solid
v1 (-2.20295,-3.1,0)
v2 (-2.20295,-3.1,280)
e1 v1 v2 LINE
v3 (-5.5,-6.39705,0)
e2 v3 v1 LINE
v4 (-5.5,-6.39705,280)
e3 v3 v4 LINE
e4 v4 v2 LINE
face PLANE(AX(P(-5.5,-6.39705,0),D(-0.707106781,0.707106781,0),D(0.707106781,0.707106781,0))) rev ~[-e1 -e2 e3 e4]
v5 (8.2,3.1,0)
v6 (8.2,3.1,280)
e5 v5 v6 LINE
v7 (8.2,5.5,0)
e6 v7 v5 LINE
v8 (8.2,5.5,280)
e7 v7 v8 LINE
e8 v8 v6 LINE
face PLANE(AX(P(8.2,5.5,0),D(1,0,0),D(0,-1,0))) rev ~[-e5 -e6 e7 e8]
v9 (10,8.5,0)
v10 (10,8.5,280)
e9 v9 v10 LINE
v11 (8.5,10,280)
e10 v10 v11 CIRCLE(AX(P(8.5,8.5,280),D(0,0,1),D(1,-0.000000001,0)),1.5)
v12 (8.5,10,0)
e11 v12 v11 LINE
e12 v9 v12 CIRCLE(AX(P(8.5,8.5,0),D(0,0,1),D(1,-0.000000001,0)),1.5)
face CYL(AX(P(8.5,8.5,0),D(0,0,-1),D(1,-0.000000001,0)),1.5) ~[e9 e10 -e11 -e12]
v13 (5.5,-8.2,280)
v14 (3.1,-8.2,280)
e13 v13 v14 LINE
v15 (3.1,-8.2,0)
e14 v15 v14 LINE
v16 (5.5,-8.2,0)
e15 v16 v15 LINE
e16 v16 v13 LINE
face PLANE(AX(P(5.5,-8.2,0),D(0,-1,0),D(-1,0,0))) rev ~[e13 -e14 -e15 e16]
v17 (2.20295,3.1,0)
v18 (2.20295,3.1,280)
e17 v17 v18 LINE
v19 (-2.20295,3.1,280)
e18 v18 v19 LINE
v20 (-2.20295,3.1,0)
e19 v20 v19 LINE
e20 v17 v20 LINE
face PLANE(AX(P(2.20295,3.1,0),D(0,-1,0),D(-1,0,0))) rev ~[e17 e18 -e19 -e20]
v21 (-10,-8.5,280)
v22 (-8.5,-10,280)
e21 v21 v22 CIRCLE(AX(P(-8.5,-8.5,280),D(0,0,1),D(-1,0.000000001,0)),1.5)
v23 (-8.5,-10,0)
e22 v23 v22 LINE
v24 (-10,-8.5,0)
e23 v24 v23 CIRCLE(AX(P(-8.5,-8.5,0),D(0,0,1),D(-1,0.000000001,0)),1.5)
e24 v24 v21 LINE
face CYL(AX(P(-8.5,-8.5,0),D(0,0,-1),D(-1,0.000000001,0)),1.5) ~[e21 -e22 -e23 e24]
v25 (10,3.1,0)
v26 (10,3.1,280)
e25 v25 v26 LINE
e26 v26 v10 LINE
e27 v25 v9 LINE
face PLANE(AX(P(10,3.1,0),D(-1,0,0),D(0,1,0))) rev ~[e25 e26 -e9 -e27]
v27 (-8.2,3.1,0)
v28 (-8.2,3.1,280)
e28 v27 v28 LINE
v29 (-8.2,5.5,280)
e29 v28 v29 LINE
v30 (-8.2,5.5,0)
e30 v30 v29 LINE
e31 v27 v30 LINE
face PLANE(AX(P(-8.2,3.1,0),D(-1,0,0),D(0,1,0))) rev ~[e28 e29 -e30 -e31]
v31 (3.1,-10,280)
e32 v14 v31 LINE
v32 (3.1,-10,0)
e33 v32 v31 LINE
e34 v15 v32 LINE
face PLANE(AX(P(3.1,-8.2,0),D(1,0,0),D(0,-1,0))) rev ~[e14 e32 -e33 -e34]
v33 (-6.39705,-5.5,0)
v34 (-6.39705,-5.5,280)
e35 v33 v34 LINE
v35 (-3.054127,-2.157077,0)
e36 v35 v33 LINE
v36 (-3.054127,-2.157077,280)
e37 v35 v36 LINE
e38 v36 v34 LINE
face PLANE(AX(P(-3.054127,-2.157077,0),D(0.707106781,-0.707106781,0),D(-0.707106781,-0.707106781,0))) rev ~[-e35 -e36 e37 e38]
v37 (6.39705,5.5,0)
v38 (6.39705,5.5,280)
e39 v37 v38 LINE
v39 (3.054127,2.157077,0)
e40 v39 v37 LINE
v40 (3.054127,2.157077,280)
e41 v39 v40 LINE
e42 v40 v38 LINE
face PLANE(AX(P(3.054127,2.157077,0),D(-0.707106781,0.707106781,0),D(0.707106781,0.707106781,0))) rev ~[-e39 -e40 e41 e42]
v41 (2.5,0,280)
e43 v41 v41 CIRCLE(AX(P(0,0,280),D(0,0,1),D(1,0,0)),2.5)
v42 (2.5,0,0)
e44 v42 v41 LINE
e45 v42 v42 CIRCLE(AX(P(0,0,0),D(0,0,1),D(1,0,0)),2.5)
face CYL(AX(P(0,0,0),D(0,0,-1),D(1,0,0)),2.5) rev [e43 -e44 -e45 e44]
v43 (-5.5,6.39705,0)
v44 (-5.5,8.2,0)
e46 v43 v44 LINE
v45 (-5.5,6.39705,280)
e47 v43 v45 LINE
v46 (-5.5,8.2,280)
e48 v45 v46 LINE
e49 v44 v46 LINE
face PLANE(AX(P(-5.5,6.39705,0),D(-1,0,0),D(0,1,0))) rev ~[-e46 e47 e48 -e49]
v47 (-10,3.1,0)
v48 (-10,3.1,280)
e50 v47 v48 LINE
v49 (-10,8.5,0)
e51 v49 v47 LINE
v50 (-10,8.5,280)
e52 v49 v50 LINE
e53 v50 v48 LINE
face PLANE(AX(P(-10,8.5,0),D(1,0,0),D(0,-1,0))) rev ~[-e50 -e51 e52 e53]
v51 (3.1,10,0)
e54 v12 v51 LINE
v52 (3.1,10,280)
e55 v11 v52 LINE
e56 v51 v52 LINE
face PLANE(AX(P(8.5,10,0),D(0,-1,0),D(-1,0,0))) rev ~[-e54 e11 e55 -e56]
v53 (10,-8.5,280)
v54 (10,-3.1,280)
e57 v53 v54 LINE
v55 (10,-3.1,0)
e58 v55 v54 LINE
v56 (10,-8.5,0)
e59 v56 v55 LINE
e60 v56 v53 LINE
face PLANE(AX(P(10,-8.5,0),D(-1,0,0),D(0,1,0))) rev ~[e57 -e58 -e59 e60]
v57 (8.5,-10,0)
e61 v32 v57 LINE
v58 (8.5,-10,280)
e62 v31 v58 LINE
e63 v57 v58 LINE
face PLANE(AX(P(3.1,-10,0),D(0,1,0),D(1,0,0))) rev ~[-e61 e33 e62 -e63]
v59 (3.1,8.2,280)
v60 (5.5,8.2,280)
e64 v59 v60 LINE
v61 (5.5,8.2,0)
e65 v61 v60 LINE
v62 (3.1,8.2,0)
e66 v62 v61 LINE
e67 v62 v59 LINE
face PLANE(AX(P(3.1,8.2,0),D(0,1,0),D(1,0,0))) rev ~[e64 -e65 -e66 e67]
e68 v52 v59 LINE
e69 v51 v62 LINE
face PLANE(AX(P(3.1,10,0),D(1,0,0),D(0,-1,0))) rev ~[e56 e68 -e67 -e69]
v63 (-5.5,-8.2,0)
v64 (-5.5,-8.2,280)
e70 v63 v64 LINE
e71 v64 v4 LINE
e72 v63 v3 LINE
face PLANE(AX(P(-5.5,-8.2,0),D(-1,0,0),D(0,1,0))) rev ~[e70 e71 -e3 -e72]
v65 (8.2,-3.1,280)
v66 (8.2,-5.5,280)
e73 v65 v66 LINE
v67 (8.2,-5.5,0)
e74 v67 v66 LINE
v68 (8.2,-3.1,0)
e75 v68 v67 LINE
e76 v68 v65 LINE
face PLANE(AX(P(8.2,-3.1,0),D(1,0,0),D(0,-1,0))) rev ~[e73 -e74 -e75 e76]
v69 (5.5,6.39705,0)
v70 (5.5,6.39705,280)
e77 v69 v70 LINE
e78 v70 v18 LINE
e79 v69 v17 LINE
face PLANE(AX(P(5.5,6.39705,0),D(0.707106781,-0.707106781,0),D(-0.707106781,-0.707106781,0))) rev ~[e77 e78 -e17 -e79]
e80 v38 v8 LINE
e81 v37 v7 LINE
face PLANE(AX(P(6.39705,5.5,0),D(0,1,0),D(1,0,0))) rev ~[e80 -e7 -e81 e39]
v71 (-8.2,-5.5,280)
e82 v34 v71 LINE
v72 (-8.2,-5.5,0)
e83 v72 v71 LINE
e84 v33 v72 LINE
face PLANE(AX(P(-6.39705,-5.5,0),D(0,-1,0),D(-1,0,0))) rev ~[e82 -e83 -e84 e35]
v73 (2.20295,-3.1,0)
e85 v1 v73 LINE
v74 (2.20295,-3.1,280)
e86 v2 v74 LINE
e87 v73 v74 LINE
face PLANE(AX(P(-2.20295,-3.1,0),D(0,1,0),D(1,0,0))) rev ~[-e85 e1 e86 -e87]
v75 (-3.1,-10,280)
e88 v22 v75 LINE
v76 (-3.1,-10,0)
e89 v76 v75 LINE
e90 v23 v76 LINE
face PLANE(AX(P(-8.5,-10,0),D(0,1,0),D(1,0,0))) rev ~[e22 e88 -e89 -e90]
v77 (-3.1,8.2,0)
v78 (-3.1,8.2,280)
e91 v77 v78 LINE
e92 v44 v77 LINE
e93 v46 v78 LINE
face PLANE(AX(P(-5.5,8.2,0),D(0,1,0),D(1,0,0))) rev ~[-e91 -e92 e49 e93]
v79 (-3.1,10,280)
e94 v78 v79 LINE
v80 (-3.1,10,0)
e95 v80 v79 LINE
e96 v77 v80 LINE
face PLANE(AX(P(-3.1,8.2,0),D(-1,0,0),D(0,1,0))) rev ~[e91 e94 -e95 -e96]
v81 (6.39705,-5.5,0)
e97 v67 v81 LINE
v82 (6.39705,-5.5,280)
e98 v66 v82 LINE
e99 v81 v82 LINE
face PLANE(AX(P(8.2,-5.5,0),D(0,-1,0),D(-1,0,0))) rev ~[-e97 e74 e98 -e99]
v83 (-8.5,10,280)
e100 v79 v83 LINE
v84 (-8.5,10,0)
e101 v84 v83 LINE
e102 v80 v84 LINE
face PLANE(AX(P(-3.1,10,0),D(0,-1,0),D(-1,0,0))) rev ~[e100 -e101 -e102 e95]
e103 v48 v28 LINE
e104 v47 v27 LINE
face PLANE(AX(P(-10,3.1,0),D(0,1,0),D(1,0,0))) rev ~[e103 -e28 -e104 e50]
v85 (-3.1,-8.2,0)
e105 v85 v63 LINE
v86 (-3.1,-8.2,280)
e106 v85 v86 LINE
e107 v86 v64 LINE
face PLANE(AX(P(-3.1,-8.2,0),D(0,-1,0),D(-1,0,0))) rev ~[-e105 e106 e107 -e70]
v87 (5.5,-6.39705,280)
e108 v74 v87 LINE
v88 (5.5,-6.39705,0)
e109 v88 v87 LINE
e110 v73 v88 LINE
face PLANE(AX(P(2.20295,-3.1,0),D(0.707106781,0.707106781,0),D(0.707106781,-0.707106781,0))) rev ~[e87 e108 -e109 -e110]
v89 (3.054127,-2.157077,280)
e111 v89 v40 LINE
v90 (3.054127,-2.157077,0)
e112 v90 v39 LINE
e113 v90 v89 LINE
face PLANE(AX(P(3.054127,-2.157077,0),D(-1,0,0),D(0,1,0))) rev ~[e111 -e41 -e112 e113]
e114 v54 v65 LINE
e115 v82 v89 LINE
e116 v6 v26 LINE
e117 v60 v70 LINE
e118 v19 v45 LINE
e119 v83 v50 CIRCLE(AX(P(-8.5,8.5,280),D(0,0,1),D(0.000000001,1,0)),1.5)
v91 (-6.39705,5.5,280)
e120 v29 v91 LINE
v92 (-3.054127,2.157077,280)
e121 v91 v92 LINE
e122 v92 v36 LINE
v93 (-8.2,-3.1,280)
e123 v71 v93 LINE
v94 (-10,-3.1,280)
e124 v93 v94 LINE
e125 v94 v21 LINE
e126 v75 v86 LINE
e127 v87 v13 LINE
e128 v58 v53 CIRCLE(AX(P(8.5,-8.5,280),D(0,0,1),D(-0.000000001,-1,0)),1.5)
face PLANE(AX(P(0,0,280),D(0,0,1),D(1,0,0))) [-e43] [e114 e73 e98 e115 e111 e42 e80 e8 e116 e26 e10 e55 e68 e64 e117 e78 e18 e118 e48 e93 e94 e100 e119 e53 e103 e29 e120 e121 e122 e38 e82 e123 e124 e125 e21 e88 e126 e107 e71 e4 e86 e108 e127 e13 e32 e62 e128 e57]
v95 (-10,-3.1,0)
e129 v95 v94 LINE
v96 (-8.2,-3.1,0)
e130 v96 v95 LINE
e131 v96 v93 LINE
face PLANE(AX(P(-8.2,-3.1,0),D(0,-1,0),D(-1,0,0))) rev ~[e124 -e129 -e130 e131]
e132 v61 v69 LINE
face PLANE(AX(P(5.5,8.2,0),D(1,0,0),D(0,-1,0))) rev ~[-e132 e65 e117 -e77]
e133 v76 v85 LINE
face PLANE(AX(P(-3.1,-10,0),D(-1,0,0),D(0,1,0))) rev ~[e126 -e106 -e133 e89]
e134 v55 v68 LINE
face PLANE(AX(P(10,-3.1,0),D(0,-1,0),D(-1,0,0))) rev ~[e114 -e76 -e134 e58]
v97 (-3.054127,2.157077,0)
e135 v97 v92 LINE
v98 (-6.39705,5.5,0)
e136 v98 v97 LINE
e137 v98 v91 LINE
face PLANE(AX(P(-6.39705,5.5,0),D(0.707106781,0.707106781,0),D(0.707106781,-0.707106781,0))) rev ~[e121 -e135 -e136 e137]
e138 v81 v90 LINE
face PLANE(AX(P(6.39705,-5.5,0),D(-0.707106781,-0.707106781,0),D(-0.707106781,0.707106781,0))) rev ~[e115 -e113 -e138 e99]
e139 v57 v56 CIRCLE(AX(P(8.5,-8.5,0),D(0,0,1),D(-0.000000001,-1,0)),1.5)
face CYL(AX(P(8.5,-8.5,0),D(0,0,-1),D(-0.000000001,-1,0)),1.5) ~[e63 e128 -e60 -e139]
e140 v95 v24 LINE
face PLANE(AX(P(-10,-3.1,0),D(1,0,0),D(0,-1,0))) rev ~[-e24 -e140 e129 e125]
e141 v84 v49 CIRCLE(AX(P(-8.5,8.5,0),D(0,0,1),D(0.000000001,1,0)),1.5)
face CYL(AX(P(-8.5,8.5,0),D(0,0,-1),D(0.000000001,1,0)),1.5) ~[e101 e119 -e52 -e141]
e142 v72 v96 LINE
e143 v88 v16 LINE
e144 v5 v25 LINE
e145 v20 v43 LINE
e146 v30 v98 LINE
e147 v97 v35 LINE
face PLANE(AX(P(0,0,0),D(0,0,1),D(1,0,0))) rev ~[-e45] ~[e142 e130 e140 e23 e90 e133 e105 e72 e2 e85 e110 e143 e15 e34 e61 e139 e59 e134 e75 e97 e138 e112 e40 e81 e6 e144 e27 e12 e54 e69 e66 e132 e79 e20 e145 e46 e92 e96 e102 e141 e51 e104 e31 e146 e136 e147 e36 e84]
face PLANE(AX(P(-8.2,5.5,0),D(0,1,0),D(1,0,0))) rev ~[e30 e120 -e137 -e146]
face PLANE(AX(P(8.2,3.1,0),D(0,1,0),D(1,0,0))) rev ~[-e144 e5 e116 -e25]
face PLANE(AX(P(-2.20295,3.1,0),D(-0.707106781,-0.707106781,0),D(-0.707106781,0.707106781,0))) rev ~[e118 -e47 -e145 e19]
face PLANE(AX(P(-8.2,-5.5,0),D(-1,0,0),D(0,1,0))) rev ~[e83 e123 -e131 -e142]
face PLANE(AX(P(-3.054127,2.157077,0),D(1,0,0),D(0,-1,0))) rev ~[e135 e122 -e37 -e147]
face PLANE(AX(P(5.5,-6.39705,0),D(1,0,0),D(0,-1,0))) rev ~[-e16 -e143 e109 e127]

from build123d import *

# Parameters (mm, degrees)
SKETCH_1_R      = 2.5
EXTRUDE_1_DEPTH = 280


with BuildPart() as part:
    # 草图1 → 凸台-拉伸1 (new body)
    with BuildSketch(Plane.XY):
        with BuildLine():
            Line((-8.2, -3.1), (-10, -3.1))
            Line((-10, -3.1), (-10, -8.5))
            ThreePointArc((-10, -8.5), (-9.560660172, -9.560660172), (-8.5, -10))
            Line((-8.5, -10), (-3.1, -10))
            Line((-3.1, -10), (-3.1, -8.2))
            Line((-3.1, -8.2), (-5.5, -8.2))
            Line((-5.5, -8.2), (-5.5, -6.397050155))
            Line((-5.5, -6.397050155), (-2.202949845, -3.1))
            Line((-2.202949845, -3.1), (2.202949845, -3.1))
            Line((2.202949845, -3.1), (5.5, -6.397050155))
            Line((5.5, -6.397050155), (5.5, -8.2))
            Line((5.5, -8.2), (3.1, -8.2))
            Line((3.1, -8.2), (3.1, -10))
            Line((3.1, -10), (8.5, -10))
            ThreePointArc((8.5, -10), (9.560660172, -9.560660172), (10, -8.5))
            Line((10, -8.5), (10, -3.1))
            Line((10, -3.1), (8.2, -3.1))
            Line((8.2, -3.1), (8.2, -5.5))
            Line((8.2, -5.5), (6.397050155, -5.5))
            Line((6.397050155, -5.5), (3.05412702, -2.157076865))
            Line((3.05412702, -2.157076865), (3.05412702, 2.157076865))
            Line((3.05412702, 2.157076865), (6.397050155, 5.5))
            Line((6.397050155, 5.5), (8.2, 5.5))
            Line((8.2, 5.5), (8.2, 3.1))
            Line((8.2, 3.1), (10, 3.1))
            Line((10, 3.1), (10, 8.5))
            ThreePointArc((10, 8.5), (9.560660172, 9.560660172), (8.5, 10))
            Line((8.5, 10), (3.1, 10))
            Line((3.1, 10), (3.1, 8.2))
            Line((3.1, 8.2), (5.5, 8.2))
            Line((5.5, 8.2), (5.5, 6.397050155))
            Line((5.5, 6.397050155), (2.202949845, 3.1))
            Line((2.202949845, 3.1), (-2.202949845, 3.1))
            Line((-2.202949845, 3.1), (-5.5, 6.397050155))
            Line((-5.5, 6.397050155), (-5.5, 8.2))
            Line((-5.5, 8.2), (-3.1, 8.2))
            Line((-3.1, 8.2), (-3.1, 10))
            Line((-3.1, 10), (-8.5, 10))
            ThreePointArc((-8.5, 10), (-9.560660172, 9.560660172), (-10, 8.5))
            Line((-10, 8.5), (-10, 3.1))
            Line((-10, 3.1), (-8.2, 3.1))
            Line((-8.2, 3.1), (-8.2, 5.5))
            Line((-8.2, 5.5), (-6.397050155, 5.5))
            Line((-6.397050155, 5.5), (-3.05412702, 2.157076865))
            Line((-3.05412702, 2.157076865), (-3.05412702, -2.157076865))
            Line((-3.05412702, -2.157076865), (-6.397050155, -5.5))
            Line((-6.397050155, -5.5), (-8.2, -5.5))
            Line((-8.2, -5.5), (-8.2, -3.1))
        make_face()
        Circle(SKETCH_1_R, mode=Mode.SUBTRACT)
    extrude(amount=EXTRUDE_1_DEPTH)


solid = part.part
